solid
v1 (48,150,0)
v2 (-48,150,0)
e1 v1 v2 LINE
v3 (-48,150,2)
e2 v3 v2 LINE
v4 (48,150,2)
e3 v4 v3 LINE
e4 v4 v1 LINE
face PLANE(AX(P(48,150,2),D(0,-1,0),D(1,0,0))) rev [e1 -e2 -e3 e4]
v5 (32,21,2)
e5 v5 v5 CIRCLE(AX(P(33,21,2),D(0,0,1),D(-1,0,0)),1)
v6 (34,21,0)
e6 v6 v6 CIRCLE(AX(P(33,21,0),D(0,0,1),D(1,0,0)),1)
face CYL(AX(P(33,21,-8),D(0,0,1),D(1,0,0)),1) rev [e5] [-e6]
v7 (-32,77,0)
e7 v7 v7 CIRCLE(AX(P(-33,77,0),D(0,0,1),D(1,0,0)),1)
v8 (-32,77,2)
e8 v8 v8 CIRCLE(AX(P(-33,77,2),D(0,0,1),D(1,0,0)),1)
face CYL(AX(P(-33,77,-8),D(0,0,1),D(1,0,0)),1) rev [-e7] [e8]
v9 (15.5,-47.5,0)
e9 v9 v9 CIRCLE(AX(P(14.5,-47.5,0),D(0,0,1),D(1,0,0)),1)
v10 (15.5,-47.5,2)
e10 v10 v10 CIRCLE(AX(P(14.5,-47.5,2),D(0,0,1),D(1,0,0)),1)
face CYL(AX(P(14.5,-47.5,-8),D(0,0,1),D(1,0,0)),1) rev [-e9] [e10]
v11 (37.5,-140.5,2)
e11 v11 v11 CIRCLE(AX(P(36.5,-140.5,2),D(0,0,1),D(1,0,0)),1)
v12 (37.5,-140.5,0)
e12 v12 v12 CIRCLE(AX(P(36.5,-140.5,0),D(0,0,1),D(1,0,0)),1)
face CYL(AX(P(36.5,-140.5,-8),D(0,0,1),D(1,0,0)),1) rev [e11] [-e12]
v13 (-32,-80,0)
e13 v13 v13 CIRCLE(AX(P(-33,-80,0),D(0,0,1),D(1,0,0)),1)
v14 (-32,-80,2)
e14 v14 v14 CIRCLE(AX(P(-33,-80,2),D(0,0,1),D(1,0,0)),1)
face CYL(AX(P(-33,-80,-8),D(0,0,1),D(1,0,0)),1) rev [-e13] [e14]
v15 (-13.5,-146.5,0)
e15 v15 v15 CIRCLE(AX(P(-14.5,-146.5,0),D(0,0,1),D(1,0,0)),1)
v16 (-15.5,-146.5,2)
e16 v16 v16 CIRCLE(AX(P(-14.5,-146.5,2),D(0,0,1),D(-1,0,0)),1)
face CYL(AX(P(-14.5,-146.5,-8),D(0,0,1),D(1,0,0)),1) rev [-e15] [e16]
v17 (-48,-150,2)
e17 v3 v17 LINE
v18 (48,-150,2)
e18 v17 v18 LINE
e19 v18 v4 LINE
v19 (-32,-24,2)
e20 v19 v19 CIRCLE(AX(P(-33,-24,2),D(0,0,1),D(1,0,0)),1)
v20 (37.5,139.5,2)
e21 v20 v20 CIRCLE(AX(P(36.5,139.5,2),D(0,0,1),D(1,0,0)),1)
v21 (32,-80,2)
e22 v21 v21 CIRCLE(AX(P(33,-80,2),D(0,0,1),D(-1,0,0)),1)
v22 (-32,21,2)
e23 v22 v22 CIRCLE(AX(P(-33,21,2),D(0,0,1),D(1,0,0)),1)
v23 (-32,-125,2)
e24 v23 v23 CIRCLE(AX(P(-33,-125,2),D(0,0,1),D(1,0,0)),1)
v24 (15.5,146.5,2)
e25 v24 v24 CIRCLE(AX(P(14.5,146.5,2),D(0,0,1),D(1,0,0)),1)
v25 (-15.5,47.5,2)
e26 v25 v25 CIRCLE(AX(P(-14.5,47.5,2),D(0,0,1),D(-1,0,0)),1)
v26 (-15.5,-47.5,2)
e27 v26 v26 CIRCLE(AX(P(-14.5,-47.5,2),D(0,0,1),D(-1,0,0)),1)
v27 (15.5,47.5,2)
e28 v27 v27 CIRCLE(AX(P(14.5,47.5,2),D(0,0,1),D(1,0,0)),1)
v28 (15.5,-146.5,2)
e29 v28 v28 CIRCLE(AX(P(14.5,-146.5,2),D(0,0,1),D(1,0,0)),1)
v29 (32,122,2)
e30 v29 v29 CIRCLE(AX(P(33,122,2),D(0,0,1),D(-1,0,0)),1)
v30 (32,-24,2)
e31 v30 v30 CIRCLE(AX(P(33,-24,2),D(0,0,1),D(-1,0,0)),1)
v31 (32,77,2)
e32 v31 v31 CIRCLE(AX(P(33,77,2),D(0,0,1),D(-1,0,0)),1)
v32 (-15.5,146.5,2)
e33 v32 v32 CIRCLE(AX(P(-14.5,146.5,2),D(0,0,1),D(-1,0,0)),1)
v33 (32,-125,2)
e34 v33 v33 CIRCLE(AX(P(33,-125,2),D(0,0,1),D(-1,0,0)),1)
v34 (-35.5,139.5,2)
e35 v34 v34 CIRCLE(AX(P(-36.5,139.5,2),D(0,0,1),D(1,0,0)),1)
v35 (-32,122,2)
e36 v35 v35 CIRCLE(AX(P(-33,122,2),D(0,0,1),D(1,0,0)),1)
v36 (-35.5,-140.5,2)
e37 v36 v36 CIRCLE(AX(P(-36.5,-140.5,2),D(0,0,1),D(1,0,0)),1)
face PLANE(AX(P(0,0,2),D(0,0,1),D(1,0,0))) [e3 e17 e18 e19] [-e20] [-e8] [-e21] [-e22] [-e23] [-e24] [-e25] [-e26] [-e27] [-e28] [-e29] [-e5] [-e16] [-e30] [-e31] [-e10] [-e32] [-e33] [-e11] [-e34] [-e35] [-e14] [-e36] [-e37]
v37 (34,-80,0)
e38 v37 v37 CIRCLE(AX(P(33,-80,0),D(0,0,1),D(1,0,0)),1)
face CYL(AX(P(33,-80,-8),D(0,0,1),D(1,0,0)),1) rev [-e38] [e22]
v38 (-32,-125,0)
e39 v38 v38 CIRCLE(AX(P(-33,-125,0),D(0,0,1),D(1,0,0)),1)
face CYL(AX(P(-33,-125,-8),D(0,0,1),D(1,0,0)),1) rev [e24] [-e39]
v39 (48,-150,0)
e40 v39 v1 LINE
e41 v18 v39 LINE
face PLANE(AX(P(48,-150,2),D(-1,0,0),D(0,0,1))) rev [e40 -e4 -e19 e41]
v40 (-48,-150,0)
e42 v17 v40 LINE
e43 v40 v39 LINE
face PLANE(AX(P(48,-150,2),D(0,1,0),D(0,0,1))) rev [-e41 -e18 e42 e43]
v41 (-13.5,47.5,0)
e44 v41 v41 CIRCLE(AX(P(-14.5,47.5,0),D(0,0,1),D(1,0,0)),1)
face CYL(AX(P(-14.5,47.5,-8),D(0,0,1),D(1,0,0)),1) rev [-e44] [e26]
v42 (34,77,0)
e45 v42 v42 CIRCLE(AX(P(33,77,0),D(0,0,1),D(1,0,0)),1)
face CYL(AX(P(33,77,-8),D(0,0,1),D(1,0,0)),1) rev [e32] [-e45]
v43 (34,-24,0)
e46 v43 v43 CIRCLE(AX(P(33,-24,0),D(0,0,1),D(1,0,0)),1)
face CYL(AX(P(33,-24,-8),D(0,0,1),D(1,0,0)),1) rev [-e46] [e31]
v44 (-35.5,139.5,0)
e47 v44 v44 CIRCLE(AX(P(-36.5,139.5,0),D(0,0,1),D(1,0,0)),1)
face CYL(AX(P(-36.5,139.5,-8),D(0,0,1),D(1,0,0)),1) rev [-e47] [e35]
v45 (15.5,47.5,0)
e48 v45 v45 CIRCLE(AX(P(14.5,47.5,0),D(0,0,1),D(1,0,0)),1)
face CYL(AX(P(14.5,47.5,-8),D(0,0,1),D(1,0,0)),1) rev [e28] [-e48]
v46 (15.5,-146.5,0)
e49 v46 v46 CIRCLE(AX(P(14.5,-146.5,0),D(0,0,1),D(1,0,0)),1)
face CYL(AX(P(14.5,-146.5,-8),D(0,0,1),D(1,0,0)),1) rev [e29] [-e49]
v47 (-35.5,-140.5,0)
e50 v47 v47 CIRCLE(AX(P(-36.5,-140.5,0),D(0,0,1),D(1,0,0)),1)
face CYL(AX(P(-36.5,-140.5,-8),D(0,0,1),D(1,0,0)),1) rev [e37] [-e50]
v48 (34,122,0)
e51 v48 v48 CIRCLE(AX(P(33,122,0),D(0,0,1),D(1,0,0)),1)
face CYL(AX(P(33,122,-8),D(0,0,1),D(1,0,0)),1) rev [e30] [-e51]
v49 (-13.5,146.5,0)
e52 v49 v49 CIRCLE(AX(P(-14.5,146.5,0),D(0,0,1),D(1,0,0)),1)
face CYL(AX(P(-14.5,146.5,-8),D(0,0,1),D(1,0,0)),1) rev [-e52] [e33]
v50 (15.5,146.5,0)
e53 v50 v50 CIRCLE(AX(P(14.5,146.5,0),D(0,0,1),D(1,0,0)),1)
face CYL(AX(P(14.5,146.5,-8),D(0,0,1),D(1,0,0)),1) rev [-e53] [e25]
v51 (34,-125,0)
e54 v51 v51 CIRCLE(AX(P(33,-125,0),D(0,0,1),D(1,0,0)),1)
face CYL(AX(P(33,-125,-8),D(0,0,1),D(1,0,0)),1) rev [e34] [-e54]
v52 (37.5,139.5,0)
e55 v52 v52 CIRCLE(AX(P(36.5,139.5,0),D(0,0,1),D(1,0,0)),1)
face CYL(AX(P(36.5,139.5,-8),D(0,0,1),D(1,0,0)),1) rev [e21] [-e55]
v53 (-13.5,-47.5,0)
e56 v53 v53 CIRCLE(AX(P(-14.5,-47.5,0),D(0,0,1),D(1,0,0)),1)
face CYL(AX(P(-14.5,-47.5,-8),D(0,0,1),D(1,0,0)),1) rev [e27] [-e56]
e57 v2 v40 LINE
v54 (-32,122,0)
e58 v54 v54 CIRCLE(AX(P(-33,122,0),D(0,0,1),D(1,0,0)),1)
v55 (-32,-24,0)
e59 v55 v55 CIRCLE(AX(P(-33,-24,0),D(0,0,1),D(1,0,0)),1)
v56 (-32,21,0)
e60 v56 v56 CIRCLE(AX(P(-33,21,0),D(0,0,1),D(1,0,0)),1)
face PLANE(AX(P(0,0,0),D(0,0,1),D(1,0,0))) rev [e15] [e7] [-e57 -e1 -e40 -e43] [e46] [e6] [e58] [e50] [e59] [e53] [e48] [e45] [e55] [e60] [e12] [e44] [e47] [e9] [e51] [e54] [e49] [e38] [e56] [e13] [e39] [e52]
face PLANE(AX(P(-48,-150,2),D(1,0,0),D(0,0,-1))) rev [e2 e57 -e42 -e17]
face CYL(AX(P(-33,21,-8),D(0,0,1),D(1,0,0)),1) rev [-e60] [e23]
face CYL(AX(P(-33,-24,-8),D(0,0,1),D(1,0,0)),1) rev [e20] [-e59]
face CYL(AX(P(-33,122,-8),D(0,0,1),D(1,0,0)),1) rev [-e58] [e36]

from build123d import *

# Parameters (mm, degrees)
SKETCH1_W           = 96
SKETCH1_H           = 300
BOSS_EXTRUDE1_DEPTH = 2
SKETCH2_R           = 1
CUT_EXTRUDE1_DEPTH  = 10
SKETCH3_R           = 1
CUT_EXTRUDE2_DEPTH  = 10


with BuildPart() as part:
    # Sketch1 → Boss-Extrude1 (new body)
    with BuildSketch(Plane.XY):
        Rectangle(SKETCH1_W, SKETCH1_H)
    extrude(amount=BOSS_EXTRUDE1_DEPTH)

    # Sketch2 → Cut-Extrude1 (cut)
    with BuildSketch(Plane.XY.offset(2)):
        with Locations((-33, 122)):
            Circle(SKETCH2_R)
        with Locations((-33, 77)):
            Circle(SKETCH2_R)
        with Locations((-33, -125)):
            Circle(SKETCH2_R)
        with Locations((14.5, -146.5)):
            Circle(SKETCH2_R)
        with Locations((-14.5, -146.5)):
            Circle(SKETCH2_R)
        with Locations((-14.5, -47.5)):
            Circle(SKETCH2_R)
        with Locations((-14.5, 47.5)):
            Circle(SKETCH2_R)
        with Locations((-14.5, 146.5)):
            Circle(SKETCH2_R)
        with Locations((14.5, 146.5)):
            Circle(SKETCH2_R)
        with Locations((-33, -80)):
            Circle(SKETCH2_R)
        with Locations((-33, -24)):
            Circle(SKETCH2_R)
        with Locations((-33, 21)):
            Circle(SKETCH2_R)
        with Locations((33, 21)):
            Circle(SKETCH2_R)
        with Locations((33, -24)):
            Circle(SKETCH2_R)
        with Locations((33, -80)):
            Circle(SKETCH2_R)
        with Locations((33, -125)):
            Circle(SKETCH2_R)
        with Locations((33, 77)):
            Circle(SKETCH2_R)
        with Locations((33, 122)):
            Circle(SKETCH2_R)
        with Locations((14.5, -47.5)):
            Circle(SKETCH2_R)
        with Locations((14.5, 47.5)):
            Circle(SKETCH2_R)
    extrude(amount=-CUT_EXTRUDE1_DEPTH, mode=Mode.SUBTRACT)

    # Sketch3 → Cut-Extrude2 (cut)
    with BuildSketch(Plane.XY.offset(2)):
        with Locations((-36.5, 139.5)):
            Circle(SKETCH3_R)
        with Locations((36.5, 139.5)):
            Circle(SKETCH3_R)
        with Locations((-36.5, -140.5)):
            Circle(SKETCH3_R)
        with Locations((36.5, -140.5)):
            Circle(SKETCH3_R)
    extrude(amount=-CUT_EXTRUDE2_DEPTH, mode=Mode.SUBTRACT)


solid = part.part
